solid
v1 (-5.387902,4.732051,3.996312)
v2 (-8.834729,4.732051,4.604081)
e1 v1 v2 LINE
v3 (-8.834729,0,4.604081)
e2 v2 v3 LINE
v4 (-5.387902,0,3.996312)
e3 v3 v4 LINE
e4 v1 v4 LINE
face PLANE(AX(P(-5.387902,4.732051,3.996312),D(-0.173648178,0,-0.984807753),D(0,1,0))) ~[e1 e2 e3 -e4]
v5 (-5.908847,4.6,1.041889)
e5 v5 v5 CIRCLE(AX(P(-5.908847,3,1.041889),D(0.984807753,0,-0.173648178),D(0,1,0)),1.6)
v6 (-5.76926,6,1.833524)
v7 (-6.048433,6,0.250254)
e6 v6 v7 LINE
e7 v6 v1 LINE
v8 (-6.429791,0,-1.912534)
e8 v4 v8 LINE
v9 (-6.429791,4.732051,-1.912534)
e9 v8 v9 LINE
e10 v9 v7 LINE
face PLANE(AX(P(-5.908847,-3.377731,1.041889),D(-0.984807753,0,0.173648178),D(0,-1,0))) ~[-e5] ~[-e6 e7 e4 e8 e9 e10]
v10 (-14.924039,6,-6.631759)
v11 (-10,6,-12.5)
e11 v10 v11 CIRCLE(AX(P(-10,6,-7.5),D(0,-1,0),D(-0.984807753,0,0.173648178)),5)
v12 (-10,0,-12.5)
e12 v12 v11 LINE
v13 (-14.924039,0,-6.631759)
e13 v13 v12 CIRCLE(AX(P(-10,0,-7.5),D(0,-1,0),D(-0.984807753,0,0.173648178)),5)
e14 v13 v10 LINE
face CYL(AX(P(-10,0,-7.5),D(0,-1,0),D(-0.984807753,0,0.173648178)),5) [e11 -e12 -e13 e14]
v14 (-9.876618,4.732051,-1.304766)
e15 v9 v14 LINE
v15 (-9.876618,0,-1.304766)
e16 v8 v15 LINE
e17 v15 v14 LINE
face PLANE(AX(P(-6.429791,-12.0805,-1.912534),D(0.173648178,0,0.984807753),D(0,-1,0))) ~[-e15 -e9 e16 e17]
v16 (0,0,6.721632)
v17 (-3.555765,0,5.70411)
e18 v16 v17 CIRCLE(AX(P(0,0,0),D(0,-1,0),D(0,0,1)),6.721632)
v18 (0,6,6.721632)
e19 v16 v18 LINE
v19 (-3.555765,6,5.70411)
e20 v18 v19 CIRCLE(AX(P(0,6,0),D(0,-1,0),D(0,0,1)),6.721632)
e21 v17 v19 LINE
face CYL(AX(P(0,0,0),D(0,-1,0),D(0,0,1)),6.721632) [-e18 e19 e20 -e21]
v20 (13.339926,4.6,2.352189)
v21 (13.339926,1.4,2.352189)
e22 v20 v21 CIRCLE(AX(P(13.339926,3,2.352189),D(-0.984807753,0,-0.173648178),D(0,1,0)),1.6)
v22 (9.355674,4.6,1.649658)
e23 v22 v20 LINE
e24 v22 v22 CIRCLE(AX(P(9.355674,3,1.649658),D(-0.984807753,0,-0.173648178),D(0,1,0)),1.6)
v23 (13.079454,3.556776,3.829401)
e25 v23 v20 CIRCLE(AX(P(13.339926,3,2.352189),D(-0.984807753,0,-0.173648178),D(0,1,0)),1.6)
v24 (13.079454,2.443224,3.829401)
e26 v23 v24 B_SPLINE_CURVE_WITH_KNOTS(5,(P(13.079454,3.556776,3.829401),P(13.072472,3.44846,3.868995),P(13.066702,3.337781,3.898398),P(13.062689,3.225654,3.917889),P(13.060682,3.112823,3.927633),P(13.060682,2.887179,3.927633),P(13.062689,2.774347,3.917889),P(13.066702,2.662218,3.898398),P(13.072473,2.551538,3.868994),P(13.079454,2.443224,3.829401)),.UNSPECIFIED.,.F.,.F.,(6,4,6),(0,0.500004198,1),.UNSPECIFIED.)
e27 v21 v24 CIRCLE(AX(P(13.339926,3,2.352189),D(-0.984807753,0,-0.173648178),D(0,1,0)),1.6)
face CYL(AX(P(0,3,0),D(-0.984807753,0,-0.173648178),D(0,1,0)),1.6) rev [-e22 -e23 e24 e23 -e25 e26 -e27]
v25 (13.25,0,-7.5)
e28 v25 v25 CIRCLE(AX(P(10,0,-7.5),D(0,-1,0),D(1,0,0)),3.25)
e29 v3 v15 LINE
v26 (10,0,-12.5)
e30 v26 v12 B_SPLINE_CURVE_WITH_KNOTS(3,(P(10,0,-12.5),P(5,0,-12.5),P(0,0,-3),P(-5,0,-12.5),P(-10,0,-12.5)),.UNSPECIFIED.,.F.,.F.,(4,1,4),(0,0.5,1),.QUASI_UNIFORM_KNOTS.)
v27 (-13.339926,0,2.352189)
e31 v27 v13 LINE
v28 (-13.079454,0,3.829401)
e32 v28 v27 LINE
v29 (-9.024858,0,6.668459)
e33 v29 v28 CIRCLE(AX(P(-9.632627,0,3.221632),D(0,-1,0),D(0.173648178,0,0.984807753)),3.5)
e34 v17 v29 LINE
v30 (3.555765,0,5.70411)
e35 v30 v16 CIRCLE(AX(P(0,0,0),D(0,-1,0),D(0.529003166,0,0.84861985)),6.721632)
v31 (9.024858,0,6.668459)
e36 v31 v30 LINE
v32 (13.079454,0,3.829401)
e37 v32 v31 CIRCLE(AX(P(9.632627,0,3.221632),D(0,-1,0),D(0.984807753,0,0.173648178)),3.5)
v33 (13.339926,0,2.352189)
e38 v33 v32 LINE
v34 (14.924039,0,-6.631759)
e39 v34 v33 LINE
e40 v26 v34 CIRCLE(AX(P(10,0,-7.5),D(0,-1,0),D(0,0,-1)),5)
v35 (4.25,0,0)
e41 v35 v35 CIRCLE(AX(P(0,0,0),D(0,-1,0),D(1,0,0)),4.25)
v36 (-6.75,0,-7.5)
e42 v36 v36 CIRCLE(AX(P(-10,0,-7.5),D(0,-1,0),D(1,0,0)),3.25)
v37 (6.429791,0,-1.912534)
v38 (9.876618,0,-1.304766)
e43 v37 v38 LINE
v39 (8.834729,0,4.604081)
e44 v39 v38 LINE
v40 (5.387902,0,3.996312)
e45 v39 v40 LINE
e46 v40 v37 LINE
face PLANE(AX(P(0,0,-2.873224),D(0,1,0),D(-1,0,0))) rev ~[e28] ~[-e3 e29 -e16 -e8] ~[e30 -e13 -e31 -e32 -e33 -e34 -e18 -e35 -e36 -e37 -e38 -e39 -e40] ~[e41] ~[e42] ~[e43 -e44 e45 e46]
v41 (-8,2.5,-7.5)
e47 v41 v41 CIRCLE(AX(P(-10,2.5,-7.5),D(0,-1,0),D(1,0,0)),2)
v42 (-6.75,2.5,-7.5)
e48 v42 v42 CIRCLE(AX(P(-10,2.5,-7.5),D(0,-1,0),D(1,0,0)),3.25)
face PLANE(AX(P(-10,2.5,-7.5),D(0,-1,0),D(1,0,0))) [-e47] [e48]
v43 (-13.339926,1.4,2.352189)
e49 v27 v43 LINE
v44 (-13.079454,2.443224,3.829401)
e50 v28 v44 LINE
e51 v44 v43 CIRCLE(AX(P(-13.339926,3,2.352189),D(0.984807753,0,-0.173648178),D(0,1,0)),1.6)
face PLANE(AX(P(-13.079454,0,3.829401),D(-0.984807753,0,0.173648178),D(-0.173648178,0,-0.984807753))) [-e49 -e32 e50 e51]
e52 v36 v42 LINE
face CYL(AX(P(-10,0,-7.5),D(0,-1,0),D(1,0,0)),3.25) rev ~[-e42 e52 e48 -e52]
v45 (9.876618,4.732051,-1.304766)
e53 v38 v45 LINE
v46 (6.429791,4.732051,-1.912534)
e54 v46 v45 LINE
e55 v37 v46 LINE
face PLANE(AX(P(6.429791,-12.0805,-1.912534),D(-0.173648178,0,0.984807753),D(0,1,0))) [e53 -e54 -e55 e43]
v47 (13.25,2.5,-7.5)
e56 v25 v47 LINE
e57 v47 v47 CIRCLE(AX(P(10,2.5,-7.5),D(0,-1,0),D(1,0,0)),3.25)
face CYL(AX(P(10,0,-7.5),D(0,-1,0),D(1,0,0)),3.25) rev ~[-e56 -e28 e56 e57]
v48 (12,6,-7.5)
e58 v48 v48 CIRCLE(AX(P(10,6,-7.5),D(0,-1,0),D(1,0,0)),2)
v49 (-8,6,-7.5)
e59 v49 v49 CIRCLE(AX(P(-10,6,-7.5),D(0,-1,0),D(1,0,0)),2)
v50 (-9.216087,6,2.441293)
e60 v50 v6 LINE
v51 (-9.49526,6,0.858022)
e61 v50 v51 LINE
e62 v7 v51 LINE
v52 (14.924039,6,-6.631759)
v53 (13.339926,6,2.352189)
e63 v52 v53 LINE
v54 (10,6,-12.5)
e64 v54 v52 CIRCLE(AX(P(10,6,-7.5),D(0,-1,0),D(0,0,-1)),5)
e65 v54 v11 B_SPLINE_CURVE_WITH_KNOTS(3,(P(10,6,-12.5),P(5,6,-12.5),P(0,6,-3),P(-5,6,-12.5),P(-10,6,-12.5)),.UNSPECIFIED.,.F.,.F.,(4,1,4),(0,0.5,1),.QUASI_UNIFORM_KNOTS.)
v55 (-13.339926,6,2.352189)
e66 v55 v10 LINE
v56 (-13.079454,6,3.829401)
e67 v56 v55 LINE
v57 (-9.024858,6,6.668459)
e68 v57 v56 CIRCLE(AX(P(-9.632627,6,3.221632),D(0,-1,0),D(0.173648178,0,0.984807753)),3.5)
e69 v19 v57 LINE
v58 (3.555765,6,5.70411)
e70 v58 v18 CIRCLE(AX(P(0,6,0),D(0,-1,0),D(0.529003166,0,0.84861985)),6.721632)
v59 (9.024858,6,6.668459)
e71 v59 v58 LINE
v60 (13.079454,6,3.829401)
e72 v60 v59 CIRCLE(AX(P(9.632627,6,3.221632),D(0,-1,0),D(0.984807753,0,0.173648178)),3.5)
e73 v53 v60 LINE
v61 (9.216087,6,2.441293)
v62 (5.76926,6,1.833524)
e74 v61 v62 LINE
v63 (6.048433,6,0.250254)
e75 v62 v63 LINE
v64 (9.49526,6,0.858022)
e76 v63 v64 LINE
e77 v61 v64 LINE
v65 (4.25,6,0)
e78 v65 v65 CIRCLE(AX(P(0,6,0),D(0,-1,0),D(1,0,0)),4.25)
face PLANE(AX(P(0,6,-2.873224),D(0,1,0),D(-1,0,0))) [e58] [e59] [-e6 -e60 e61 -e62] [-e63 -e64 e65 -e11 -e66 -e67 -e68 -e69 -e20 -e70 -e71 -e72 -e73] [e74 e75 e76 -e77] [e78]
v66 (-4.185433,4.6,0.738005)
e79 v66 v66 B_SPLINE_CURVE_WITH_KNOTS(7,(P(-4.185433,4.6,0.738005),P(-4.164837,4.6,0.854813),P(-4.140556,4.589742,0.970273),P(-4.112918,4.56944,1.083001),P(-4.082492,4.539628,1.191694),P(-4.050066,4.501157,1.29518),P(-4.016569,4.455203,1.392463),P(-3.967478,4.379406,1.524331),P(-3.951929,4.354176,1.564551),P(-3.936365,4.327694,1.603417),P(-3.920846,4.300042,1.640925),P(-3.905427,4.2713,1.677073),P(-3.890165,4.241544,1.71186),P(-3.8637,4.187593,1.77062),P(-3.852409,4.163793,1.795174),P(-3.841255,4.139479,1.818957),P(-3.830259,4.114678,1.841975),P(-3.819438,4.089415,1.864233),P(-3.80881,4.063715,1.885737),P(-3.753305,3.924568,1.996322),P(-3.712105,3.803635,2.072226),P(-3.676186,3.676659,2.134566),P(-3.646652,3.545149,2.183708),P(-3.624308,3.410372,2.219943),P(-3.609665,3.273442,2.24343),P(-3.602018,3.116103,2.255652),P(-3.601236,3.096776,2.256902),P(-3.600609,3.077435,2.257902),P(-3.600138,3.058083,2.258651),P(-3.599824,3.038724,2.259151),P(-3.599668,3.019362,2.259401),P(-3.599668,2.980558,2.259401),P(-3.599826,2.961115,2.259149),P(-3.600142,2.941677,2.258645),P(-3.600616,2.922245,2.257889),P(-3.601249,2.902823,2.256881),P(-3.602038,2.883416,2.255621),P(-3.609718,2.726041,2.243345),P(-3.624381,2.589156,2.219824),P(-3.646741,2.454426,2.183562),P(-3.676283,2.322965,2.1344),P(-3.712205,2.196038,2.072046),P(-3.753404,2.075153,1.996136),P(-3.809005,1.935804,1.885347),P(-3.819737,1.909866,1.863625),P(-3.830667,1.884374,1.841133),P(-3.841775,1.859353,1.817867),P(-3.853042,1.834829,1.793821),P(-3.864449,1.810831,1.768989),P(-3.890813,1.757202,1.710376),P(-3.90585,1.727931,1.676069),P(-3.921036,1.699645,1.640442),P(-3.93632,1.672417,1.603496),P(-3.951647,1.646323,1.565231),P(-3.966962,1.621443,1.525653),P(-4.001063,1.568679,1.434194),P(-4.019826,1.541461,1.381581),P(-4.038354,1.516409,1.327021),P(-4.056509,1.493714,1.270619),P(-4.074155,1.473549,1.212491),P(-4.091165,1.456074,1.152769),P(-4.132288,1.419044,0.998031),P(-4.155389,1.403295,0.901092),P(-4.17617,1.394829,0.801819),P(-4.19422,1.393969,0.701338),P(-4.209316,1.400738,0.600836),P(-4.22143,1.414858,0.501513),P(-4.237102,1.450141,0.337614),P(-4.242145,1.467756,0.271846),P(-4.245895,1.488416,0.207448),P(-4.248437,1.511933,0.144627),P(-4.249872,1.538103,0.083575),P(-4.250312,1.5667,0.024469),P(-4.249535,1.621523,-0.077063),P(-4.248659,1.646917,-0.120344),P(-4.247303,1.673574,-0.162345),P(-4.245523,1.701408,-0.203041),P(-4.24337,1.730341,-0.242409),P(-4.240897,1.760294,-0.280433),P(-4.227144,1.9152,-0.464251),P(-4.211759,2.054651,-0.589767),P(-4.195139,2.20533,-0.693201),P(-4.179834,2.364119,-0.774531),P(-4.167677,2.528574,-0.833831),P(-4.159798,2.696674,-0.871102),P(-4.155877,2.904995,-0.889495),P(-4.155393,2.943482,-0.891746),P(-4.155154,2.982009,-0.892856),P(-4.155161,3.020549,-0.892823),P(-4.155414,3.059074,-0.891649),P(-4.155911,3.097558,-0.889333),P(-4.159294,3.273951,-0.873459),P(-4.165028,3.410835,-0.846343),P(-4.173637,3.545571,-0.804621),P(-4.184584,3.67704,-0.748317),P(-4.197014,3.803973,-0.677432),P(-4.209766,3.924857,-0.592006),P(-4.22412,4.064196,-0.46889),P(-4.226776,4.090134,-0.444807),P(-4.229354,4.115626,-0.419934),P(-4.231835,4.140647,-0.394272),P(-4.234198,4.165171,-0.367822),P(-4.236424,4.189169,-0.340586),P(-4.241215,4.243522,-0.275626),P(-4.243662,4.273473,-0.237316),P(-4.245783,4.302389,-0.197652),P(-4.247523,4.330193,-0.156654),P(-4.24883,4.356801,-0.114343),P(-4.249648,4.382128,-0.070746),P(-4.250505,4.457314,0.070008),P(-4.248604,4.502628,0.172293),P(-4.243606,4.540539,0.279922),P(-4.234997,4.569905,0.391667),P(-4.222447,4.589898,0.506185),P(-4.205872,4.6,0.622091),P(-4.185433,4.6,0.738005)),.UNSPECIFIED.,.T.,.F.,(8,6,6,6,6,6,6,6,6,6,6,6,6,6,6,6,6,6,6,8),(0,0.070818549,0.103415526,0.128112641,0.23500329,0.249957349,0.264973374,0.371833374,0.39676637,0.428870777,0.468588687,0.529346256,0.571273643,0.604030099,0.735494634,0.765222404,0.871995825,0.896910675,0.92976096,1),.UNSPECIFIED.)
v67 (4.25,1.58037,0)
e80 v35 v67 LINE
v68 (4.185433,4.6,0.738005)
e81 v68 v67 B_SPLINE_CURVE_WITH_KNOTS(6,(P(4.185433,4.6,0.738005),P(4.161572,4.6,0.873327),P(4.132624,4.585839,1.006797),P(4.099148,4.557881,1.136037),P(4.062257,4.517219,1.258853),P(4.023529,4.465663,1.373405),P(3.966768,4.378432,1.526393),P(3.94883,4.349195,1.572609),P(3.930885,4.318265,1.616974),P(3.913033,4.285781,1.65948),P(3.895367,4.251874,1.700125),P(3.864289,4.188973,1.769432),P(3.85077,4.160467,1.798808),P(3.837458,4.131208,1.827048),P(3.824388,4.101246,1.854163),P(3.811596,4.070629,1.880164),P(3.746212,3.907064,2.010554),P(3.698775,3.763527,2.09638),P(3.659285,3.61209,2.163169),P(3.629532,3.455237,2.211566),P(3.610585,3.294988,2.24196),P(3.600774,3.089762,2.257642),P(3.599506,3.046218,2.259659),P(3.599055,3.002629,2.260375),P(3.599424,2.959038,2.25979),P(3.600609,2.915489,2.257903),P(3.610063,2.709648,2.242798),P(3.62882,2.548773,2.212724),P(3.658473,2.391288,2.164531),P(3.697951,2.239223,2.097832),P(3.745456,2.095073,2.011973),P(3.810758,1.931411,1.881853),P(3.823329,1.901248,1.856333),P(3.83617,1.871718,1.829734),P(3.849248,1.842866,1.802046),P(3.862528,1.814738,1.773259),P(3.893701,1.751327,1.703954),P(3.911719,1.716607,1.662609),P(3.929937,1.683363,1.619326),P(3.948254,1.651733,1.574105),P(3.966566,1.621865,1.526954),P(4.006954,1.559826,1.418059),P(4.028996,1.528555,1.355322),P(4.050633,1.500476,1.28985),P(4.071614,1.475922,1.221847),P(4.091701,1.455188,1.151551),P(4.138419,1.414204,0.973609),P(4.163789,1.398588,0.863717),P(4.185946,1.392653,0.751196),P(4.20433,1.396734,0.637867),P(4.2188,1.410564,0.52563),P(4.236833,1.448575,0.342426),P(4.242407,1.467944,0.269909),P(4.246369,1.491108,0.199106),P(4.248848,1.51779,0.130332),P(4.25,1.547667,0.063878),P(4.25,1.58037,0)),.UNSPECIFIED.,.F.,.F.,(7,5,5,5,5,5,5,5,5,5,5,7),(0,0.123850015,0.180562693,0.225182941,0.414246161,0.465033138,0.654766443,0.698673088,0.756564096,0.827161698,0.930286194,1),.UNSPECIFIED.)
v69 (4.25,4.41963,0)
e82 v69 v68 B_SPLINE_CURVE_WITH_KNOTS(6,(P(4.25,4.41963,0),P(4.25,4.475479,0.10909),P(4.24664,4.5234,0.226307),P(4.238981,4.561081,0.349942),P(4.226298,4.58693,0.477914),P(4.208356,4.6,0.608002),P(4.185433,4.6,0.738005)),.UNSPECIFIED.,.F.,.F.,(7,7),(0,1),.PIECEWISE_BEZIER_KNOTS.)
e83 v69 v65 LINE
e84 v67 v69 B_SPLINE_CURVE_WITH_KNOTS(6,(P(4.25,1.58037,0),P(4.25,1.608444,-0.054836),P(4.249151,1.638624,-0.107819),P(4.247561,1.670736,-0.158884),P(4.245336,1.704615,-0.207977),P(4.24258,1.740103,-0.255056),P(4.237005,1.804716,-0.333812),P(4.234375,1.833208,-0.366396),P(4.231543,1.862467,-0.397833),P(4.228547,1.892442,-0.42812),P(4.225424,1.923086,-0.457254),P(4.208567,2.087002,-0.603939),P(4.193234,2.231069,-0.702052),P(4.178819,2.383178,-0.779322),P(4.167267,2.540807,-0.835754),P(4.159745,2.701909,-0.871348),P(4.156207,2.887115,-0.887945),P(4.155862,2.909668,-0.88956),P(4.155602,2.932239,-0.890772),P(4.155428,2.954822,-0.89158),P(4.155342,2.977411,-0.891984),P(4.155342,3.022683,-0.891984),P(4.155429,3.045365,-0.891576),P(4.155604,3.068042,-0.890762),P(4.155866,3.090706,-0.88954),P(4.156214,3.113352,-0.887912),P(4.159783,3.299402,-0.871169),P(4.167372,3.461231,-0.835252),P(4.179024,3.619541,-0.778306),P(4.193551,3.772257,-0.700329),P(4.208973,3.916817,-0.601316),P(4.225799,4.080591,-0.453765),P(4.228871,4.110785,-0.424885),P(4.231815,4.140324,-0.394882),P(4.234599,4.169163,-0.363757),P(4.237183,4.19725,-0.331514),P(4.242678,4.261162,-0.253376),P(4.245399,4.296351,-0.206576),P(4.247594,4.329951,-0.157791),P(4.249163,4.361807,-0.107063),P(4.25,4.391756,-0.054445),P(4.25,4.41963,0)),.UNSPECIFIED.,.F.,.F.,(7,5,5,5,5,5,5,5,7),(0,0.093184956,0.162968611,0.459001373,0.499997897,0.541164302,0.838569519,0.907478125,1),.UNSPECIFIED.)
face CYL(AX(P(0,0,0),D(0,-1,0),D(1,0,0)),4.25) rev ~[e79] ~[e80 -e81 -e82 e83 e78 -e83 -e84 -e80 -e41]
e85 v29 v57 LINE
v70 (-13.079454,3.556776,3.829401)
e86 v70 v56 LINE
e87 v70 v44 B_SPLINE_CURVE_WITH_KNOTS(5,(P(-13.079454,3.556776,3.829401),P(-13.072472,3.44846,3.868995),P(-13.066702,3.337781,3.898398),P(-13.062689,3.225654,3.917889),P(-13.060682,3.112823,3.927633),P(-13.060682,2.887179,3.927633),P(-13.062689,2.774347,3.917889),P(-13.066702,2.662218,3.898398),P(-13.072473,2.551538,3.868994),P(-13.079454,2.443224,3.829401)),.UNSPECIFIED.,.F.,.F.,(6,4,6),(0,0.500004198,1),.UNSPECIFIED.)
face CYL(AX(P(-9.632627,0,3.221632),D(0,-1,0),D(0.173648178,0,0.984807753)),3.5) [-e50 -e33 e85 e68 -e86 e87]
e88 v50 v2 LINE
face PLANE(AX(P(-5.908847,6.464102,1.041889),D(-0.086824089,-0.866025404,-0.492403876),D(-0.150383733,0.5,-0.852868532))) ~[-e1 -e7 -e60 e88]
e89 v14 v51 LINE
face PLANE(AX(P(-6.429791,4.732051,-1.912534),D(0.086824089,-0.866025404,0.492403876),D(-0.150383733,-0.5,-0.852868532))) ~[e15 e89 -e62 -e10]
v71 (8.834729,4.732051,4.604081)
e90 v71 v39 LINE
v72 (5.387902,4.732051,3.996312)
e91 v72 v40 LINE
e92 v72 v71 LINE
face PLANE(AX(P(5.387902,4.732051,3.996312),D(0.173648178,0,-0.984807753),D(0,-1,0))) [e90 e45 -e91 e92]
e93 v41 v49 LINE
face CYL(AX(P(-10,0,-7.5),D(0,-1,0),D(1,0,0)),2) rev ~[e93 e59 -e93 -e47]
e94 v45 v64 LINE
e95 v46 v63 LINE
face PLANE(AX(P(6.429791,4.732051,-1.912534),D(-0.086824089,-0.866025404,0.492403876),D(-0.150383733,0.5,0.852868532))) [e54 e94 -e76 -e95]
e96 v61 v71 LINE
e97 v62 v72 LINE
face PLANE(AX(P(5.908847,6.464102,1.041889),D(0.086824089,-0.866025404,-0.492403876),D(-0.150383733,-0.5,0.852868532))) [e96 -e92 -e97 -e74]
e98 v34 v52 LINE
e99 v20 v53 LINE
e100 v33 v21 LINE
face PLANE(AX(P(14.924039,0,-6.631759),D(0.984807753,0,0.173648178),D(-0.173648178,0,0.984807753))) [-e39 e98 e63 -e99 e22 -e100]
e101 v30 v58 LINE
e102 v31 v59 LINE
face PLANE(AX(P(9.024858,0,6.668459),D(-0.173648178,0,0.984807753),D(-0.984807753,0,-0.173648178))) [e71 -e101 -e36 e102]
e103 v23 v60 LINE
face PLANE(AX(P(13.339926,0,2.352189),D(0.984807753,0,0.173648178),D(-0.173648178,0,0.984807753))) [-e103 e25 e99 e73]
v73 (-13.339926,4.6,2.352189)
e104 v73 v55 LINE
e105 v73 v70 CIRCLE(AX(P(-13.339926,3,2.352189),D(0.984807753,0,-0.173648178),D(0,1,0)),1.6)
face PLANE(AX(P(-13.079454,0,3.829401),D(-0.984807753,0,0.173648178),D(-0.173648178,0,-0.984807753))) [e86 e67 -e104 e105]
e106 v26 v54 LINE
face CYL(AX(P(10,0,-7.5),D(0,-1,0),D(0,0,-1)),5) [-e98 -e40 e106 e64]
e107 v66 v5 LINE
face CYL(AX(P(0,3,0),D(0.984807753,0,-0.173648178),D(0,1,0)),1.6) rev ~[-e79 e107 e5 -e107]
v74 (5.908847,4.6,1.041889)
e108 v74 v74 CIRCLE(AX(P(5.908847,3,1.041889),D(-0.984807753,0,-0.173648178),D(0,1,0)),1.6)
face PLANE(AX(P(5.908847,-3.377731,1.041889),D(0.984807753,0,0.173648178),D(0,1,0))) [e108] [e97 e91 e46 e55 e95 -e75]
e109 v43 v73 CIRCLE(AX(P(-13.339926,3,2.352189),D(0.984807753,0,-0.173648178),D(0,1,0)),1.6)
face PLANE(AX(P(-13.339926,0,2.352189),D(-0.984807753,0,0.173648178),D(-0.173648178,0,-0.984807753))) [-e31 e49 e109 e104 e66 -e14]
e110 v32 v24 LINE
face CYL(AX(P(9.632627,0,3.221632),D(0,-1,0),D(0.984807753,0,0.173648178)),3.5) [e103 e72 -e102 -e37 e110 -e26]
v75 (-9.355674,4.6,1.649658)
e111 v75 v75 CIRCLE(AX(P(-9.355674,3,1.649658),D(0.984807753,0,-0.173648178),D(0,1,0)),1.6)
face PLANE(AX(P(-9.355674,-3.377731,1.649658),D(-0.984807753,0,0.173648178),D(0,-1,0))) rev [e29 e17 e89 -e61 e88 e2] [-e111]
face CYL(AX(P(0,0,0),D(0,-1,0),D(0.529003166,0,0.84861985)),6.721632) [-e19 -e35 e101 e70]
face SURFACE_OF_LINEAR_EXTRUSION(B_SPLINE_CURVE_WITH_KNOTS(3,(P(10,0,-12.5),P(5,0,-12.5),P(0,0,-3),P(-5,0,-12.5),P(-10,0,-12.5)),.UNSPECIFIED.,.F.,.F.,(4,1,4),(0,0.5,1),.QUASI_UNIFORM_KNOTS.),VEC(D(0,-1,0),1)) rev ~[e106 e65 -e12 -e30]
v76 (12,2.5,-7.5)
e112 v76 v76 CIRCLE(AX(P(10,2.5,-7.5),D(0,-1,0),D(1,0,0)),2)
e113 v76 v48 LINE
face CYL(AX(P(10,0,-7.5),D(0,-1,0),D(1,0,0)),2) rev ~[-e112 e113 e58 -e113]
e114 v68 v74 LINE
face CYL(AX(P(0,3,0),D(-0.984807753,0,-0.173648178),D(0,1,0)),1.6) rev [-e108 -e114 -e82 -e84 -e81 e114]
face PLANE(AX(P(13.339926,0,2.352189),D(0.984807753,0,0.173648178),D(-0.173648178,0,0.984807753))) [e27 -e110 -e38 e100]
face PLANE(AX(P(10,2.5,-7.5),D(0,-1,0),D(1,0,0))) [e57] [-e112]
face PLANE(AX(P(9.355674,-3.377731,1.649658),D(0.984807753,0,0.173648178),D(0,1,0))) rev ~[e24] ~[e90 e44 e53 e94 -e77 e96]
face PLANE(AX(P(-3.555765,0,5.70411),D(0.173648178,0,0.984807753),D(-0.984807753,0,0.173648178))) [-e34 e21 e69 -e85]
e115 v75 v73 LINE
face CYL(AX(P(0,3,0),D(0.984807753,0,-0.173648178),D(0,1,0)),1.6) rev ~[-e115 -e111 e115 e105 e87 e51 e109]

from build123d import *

# Parameters (mm, degrees)
F0_R      = 2
F0_R_2    = 4.25
F1_DEPTH  = 6
F4_R      = 1.6
F5_DEPTH  = 15
F8_DEPTH  = 3.5
F11_R     = 3.25
F12_DEPTH = 2.5


with BuildPart() as f1:
    # F0 (on Front) → F1 (new body)
    with BuildSketch(Plane.XZ):
        with BuildLine():
            add(Edge.make_bspline(
                [(10, -12.5), (5, -12.5), (0, -3), (-5, -12.5), (-10, -12.5)],
                knots=[0, 0, 0, 0, 0.5, 1, 1, 1, 1], degree=3))
            ThreePointArc((10, -12.5), (13.8302222156, -10.7139380484), (14.9240387651, -6.6317591117))
            Line((14.9240387651, -6.6317591117), (13.3399263315, 2.3521889329))
            Line((13.3399263315, 2.3521889329), (13.079454065, 3.8294005624))
            ThreePointArc((13.079454065, 3.8294005624), (11.6401444567, 6.0886640956), (9.0248583076, 6.6684590761))
            Line((9.0248583076, 6.6684590761), (3.5557645771, 5.7041102914))
            ThreePointArc((3.5557645771, 5.7041102914), (1.8492439019, 6.4622467406), (0, 6.7216319406))
            ThreePointArc((0, 6.7216319406), (-1.8492439019, 6.4622467406), (-3.5557645771, 5.7041102914))
            Line((-3.5557645771, 5.7041102914), (-9.0248583076, 6.6684590761))
            ThreePointArc((-9.0248583076, 6.6684590761), (-11.6401444567, 6.0886640956), (-13.079454065, 3.8294005624))
            Line((-13.079454065, 3.8294005624), (-13.3399263315, 2.3521889329))
            Line((-13.3399263315, 2.3521889329), (-14.9240387651, -6.6317591117))
            ThreePointArc((-14.9240387651, -6.6317591117), (-13.8302222156, -10.7139380484), (-10, -12.5))
        make_face()
        with Locations((-10, -7.5)):
            Circle(F0_R, mode=Mode.SUBTRACT)
        with Locations((10, -7.5)):
            Circle(F0_R, mode=Mode.SUBTRACT)
        Circle(F0_R_2, mode=Mode.SUBTRACT)
    extrude(amount=-F1_DEPTH)


with BuildPart() as f5:
    # F4 (on line) → F5 (new body)
    with BuildSketch(Plane(origin=(0, 0, 0), x_dir=(0, 1, 0), z_dir=(0.984807753, 0, 0.1736481777))):
        with Locations((3, 0)):
            Circle(F4_R)
    extrude(amount=F5_DEPTH)


with BuildPart() as f8:
    # F7 (on offset) → F8 (new body)
    with BuildSketch(Plane(origin=(5.9088465181, 0, 1.041889066), x_dir=(0, 1, 0), z_dir=(0.984807753, 0, 0.1736481777))):
        Polygon((1.2679491924, -3), (4.7320508076, -3), (6.4641016151, 0), (4.7320508076, 3), (1.2679491924, 3), (-12.080499812, 3), (-12.080499812, -3), align=None)
    extrude(amount=F8_DEPTH)


with BuildPart() as f9_1:
    # F9: instance of F5
    add(f5.part.mirror(Plane.YZ))


with BuildPart() as f9_2:
    # F9: instance of F8
    add(f8.part.mirror(Plane.YZ))


with BuildPart() as f1_1:
    add(f1.part)

    # F10: cut F8, F5, F9_1, F9_2
    add(f8.part, mode=Mode.SUBTRACT)
    add(f5.part, mode=Mode.SUBTRACT)
    add(f9_1.part, mode=Mode.SUBTRACT)
    add(f9_2.part, mode=Mode.SUBTRACT)

    # F11 (on face) → F12 (cut)
    with BuildSketch(Plane.XZ):
        with Locations((-10, -7.5)):
            Circle(F11_R)
        with Locations((10, -7.5)):
            Circle(F11_R)
    extrude(amount=-F12_DEPTH, mode=Mode.SUBTRACT)


solid = f1_1.part
